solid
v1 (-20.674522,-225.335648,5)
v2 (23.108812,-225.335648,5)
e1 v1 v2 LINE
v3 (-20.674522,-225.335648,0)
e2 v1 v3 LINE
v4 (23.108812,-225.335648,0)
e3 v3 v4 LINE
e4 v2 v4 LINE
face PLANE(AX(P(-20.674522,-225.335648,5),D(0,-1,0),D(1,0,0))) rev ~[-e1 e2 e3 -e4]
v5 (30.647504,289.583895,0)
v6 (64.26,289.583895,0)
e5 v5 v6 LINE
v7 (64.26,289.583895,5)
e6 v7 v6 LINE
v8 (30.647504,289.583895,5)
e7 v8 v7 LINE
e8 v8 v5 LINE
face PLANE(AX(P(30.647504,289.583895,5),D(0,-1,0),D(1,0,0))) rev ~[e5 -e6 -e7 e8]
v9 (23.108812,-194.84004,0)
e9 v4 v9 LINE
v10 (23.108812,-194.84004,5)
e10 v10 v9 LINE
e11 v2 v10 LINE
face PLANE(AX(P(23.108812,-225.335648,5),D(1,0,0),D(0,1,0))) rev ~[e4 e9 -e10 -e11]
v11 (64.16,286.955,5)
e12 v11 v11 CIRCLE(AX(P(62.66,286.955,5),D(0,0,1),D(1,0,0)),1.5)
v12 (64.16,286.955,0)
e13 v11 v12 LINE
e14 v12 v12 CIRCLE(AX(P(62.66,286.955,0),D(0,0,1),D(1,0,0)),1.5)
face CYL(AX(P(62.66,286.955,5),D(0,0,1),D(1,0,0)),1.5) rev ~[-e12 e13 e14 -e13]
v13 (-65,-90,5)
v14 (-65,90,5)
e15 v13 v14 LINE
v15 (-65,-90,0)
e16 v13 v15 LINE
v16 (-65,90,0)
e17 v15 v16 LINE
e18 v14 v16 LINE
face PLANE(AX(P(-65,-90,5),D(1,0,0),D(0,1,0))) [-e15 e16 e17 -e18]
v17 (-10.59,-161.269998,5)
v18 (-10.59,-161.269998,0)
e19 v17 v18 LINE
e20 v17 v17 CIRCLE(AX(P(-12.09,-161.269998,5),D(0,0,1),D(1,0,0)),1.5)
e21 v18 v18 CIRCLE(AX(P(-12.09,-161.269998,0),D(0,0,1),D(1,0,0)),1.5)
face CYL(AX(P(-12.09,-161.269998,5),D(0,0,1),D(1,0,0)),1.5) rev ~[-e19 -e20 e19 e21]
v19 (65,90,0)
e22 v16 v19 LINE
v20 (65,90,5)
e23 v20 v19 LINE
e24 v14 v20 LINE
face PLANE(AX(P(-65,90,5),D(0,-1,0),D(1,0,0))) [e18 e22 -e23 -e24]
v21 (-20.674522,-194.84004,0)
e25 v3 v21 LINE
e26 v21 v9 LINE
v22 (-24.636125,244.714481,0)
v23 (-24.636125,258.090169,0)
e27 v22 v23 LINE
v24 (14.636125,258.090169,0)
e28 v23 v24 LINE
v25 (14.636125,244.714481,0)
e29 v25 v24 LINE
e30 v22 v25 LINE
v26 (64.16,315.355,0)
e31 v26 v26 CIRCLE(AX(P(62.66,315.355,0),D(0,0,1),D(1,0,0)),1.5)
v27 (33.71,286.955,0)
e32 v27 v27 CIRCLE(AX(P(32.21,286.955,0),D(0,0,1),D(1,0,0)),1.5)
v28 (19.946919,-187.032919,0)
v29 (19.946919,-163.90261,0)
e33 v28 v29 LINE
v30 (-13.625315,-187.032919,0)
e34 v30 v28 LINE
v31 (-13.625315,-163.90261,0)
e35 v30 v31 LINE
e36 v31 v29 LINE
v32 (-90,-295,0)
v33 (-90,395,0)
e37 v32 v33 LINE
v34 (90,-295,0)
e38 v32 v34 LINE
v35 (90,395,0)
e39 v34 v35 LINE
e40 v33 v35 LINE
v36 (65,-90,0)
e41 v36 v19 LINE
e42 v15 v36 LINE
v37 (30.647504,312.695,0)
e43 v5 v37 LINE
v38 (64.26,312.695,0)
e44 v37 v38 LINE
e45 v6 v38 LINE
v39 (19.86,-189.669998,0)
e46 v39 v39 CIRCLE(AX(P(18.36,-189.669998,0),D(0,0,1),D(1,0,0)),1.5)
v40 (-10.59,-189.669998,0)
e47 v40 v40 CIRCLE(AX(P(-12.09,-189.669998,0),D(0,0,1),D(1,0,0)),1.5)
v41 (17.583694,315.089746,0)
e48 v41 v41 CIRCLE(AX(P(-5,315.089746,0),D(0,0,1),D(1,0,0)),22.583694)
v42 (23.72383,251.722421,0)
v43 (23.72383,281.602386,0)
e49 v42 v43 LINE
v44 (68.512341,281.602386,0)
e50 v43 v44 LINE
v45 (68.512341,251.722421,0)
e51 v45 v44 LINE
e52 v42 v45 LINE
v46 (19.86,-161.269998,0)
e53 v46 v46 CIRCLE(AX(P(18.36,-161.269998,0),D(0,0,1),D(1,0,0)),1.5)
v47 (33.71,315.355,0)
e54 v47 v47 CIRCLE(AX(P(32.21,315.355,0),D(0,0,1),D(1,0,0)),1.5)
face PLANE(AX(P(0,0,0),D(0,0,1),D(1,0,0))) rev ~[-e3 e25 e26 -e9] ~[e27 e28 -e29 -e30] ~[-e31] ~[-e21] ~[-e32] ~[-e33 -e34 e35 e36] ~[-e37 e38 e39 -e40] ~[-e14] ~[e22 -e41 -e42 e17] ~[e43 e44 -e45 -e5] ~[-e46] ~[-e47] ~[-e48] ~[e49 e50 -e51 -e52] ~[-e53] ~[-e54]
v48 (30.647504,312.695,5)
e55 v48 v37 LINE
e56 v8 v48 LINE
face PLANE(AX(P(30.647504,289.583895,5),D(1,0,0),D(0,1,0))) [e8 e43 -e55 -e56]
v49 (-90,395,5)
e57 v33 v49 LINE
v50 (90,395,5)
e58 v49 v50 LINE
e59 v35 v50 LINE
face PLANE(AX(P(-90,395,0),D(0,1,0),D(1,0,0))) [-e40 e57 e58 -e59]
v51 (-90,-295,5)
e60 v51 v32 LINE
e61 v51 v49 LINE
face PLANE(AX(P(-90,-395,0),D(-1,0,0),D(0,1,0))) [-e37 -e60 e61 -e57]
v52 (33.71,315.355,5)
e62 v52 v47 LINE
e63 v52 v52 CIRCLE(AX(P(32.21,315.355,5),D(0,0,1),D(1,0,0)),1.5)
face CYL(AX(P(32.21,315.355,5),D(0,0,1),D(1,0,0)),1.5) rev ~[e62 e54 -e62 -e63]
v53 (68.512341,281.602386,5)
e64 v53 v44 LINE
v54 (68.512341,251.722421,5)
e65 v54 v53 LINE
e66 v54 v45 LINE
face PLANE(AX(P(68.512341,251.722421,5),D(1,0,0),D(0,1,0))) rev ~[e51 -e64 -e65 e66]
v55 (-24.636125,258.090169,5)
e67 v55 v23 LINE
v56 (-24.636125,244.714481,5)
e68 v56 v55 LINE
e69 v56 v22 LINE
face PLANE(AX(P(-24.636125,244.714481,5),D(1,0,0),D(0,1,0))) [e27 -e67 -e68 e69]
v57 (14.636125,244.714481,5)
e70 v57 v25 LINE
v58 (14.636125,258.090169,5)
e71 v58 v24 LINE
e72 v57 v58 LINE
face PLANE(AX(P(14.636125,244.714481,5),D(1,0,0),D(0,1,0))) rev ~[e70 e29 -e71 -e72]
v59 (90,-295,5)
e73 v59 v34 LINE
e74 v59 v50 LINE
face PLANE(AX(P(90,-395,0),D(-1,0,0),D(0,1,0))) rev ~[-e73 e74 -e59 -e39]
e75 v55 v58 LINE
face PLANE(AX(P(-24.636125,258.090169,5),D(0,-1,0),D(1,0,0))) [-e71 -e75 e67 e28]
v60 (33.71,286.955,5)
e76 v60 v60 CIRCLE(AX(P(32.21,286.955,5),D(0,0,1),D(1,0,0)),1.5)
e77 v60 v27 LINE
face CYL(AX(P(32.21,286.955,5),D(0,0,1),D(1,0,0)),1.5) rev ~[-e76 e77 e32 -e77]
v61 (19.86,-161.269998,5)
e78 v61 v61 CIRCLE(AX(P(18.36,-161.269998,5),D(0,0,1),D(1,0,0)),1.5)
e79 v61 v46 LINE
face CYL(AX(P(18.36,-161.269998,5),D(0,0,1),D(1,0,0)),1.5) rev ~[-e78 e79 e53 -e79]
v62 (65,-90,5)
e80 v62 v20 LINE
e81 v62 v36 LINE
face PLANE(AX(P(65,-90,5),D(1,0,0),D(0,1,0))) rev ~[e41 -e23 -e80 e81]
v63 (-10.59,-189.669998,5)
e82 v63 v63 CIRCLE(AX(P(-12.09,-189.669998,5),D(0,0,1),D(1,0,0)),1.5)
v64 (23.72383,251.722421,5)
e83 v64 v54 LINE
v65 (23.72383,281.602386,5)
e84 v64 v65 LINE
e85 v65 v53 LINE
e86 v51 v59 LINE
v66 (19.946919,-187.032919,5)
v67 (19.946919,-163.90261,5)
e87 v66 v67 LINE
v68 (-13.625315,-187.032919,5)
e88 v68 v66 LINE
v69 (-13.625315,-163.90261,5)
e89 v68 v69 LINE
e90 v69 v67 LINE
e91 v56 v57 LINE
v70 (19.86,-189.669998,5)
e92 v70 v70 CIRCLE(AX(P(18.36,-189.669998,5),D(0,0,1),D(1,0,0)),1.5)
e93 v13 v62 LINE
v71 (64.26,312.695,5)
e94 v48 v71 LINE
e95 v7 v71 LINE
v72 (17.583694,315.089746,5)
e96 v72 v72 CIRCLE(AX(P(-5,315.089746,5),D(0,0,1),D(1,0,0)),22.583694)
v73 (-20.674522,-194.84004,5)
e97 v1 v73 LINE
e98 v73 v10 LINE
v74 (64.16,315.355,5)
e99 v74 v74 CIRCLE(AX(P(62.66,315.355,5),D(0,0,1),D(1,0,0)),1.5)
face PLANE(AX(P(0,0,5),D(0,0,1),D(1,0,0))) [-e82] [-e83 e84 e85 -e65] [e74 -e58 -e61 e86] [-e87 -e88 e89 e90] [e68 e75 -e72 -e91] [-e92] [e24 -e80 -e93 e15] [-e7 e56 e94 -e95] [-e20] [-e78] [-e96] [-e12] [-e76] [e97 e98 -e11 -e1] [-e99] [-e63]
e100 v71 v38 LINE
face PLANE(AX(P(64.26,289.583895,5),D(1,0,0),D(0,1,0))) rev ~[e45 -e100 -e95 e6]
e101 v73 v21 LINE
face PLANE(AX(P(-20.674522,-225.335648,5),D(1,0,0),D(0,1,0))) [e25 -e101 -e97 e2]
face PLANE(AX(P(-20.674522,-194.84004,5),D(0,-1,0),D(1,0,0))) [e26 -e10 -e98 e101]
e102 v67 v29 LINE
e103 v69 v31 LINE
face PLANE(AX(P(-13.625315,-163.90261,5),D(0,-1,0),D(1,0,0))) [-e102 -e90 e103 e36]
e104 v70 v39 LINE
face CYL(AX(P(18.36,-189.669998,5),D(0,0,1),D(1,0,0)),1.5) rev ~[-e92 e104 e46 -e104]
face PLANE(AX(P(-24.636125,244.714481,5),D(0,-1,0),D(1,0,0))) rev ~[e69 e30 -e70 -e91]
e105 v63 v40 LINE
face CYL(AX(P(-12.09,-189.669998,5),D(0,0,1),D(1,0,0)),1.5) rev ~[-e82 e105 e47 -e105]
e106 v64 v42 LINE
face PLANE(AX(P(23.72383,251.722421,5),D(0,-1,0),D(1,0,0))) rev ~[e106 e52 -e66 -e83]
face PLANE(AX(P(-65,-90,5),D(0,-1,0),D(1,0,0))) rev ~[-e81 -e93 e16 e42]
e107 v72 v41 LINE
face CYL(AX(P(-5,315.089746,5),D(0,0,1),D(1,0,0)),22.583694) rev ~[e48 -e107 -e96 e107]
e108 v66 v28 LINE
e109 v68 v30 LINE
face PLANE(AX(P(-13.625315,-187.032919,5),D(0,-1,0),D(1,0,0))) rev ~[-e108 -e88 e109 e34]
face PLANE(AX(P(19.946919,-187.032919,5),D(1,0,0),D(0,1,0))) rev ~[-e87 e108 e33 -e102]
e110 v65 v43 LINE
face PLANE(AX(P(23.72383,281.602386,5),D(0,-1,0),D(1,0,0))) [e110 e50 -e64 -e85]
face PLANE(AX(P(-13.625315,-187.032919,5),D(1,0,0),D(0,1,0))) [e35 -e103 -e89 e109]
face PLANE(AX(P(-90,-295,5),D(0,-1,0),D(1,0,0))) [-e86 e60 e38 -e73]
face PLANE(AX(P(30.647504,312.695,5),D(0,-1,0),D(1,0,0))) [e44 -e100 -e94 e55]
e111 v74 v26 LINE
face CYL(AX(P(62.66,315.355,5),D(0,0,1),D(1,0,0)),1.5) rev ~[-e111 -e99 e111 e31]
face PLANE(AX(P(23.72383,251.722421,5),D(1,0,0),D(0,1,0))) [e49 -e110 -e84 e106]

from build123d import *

# Parameters (mm, degrees)
ESQUISSE1_W             = 180
ESQUISSE1_H             = 790
BOSS_EXTRU_1_DEPTH      = 5
ESQUISSE2_W             = 130
ESQUISSE2_H             = 180
ENL_V_MAT_EXTRU_1_DEPTH = 406.154291598
ESQUISSE3_W             = 180
ESQUISSE3_H             = 100
ENL_V_MAT_EXTRU_2_DEPTH = 5
ESQUISSE4_R             = 22.583693943
ESQUISSE4_W             = 39.272250948
ESQUISSE4_H             = 13.375687181
ENL_V_MAT_EXTRU_3_DEPTH = 10
ESQUISSE6_R             = 1.5
ESQUISSE6_W             = 43.78333401
ESQUISSE6_H             = 30.495607997
ESQUISSE6_W_2           = 33.572233796
ESQUISSE6_H_2           = 23.130308998
ENL_V_MAT_EXTRU_4_DEPTH = 10
ESQUISSE7_R             = 1.5
ESQUISSE7_W             = 44.788511225
ESQUISSE7_H             = 29.879964446
ESQUISSE7_W_2           = 33.612496144
ESQUISSE7_H_2           = 23.111104951
ENL_V_MAT_EXTRU_5_DEPTH = 10


with BuildPart() as part:
    # Esquisse1 → Boss.-Extru.1 (new body)
    with BuildSketch(Plane.XY):
        Rectangle(ESQUISSE1_W, ESQUISSE1_H)
    extrude(amount=BOSS_EXTRU_1_DEPTH)

    # Esquisse2 → Enlèv. mat.-Extru.1 (cut, through all)
    with BuildSketch(Plane.XY.offset(5)):
        Rectangle(ESQUISSE2_W, ESQUISSE2_H)
    extrude(amount=-ENL_V_MAT_EXTRU_1_DEPTH, mode=Mode.SUBTRACT)

    # Esquisse3 → Enlèv. mat.-Extru.2 (cut)
    with BuildSketch(Plane.XY.offset(5)):
        with Locations((0, -345)):
            Rectangle(ESQUISSE3_W, ESQUISSE3_H)
    extrude(amount=-ENL_V_MAT_EXTRU_2_DEPTH, mode=Mode.SUBTRACT)

    # Esquisse4 → Enlèv. mat.-Extru.3 (cut)
    with BuildSketch(Plane.XY.offset(5)):
        with Locations((-5, 315.089745962)):
            Circle(ESQUISSE4_R)
        with Locations((-5, 251.402324932)):
            Rectangle(ESQUISSE4_W, ESQUISSE4_H)
    extrude(amount=-ENL_V_MAT_EXTRU_3_DEPTH, mode=Mode.SUBTRACT)

    # Esquisse6 → Enlèv. mat.-Extru.4 (cut)
    with BuildSketch(Plane.XY.offset(5)):
        with Locations((-12.09, -189.669997694)):
            Circle(ESQUISSE6_R)
        with Locations((18.36, -189.669997694)):
            Circle(ESQUISSE6_R)
        with Locations((18.36, -161.269997694)):
            Circle(ESQUISSE6_R)
        with Locations((-12.09, -161.269997694)):
            Circle(ESQUISSE6_R)
        with Locations((1.217144904, -210.087843678)):
            Rectangle(ESQUISSE6_W, ESQUISSE6_H)
        with Locations((3.160802391, -175.467764734)):
            Rectangle(ESQUISSE6_W_2, ESQUISSE6_H_2)
    extrude(amount=-ENL_V_MAT_EXTRU_4_DEPTH, mode=Mode.SUBTRACT)

    # Esquisse7 → Enlèv. mat.-Extru.5 (cut)
    with BuildSketch(Plane.XY.offset(5)):
        with Locations((62.66, 315.355)):
            Circle(ESQUISSE7_R)
        with Locations((32.21, 315.355)):
            Circle(ESQUISSE7_R)
        with Locations((32.21, 286.955)):
            Circle(ESQUISSE7_R)
        with Locations((62.66, 286.955)):
            Circle(ESQUISSE7_R)
        with Locations((46.118085251, 266.662403555)):
            Rectangle(ESQUISSE7_W, ESQUISSE7_H)
        with Locations((47.453751928, 301.139447525)):
            Rectangle(ESQUISSE7_W_2, ESQUISSE7_H_2)
    extrude(amount=-ENL_V_MAT_EXTRU_5_DEPTH, mode=Mode.SUBTRACT)


solid = part.part
